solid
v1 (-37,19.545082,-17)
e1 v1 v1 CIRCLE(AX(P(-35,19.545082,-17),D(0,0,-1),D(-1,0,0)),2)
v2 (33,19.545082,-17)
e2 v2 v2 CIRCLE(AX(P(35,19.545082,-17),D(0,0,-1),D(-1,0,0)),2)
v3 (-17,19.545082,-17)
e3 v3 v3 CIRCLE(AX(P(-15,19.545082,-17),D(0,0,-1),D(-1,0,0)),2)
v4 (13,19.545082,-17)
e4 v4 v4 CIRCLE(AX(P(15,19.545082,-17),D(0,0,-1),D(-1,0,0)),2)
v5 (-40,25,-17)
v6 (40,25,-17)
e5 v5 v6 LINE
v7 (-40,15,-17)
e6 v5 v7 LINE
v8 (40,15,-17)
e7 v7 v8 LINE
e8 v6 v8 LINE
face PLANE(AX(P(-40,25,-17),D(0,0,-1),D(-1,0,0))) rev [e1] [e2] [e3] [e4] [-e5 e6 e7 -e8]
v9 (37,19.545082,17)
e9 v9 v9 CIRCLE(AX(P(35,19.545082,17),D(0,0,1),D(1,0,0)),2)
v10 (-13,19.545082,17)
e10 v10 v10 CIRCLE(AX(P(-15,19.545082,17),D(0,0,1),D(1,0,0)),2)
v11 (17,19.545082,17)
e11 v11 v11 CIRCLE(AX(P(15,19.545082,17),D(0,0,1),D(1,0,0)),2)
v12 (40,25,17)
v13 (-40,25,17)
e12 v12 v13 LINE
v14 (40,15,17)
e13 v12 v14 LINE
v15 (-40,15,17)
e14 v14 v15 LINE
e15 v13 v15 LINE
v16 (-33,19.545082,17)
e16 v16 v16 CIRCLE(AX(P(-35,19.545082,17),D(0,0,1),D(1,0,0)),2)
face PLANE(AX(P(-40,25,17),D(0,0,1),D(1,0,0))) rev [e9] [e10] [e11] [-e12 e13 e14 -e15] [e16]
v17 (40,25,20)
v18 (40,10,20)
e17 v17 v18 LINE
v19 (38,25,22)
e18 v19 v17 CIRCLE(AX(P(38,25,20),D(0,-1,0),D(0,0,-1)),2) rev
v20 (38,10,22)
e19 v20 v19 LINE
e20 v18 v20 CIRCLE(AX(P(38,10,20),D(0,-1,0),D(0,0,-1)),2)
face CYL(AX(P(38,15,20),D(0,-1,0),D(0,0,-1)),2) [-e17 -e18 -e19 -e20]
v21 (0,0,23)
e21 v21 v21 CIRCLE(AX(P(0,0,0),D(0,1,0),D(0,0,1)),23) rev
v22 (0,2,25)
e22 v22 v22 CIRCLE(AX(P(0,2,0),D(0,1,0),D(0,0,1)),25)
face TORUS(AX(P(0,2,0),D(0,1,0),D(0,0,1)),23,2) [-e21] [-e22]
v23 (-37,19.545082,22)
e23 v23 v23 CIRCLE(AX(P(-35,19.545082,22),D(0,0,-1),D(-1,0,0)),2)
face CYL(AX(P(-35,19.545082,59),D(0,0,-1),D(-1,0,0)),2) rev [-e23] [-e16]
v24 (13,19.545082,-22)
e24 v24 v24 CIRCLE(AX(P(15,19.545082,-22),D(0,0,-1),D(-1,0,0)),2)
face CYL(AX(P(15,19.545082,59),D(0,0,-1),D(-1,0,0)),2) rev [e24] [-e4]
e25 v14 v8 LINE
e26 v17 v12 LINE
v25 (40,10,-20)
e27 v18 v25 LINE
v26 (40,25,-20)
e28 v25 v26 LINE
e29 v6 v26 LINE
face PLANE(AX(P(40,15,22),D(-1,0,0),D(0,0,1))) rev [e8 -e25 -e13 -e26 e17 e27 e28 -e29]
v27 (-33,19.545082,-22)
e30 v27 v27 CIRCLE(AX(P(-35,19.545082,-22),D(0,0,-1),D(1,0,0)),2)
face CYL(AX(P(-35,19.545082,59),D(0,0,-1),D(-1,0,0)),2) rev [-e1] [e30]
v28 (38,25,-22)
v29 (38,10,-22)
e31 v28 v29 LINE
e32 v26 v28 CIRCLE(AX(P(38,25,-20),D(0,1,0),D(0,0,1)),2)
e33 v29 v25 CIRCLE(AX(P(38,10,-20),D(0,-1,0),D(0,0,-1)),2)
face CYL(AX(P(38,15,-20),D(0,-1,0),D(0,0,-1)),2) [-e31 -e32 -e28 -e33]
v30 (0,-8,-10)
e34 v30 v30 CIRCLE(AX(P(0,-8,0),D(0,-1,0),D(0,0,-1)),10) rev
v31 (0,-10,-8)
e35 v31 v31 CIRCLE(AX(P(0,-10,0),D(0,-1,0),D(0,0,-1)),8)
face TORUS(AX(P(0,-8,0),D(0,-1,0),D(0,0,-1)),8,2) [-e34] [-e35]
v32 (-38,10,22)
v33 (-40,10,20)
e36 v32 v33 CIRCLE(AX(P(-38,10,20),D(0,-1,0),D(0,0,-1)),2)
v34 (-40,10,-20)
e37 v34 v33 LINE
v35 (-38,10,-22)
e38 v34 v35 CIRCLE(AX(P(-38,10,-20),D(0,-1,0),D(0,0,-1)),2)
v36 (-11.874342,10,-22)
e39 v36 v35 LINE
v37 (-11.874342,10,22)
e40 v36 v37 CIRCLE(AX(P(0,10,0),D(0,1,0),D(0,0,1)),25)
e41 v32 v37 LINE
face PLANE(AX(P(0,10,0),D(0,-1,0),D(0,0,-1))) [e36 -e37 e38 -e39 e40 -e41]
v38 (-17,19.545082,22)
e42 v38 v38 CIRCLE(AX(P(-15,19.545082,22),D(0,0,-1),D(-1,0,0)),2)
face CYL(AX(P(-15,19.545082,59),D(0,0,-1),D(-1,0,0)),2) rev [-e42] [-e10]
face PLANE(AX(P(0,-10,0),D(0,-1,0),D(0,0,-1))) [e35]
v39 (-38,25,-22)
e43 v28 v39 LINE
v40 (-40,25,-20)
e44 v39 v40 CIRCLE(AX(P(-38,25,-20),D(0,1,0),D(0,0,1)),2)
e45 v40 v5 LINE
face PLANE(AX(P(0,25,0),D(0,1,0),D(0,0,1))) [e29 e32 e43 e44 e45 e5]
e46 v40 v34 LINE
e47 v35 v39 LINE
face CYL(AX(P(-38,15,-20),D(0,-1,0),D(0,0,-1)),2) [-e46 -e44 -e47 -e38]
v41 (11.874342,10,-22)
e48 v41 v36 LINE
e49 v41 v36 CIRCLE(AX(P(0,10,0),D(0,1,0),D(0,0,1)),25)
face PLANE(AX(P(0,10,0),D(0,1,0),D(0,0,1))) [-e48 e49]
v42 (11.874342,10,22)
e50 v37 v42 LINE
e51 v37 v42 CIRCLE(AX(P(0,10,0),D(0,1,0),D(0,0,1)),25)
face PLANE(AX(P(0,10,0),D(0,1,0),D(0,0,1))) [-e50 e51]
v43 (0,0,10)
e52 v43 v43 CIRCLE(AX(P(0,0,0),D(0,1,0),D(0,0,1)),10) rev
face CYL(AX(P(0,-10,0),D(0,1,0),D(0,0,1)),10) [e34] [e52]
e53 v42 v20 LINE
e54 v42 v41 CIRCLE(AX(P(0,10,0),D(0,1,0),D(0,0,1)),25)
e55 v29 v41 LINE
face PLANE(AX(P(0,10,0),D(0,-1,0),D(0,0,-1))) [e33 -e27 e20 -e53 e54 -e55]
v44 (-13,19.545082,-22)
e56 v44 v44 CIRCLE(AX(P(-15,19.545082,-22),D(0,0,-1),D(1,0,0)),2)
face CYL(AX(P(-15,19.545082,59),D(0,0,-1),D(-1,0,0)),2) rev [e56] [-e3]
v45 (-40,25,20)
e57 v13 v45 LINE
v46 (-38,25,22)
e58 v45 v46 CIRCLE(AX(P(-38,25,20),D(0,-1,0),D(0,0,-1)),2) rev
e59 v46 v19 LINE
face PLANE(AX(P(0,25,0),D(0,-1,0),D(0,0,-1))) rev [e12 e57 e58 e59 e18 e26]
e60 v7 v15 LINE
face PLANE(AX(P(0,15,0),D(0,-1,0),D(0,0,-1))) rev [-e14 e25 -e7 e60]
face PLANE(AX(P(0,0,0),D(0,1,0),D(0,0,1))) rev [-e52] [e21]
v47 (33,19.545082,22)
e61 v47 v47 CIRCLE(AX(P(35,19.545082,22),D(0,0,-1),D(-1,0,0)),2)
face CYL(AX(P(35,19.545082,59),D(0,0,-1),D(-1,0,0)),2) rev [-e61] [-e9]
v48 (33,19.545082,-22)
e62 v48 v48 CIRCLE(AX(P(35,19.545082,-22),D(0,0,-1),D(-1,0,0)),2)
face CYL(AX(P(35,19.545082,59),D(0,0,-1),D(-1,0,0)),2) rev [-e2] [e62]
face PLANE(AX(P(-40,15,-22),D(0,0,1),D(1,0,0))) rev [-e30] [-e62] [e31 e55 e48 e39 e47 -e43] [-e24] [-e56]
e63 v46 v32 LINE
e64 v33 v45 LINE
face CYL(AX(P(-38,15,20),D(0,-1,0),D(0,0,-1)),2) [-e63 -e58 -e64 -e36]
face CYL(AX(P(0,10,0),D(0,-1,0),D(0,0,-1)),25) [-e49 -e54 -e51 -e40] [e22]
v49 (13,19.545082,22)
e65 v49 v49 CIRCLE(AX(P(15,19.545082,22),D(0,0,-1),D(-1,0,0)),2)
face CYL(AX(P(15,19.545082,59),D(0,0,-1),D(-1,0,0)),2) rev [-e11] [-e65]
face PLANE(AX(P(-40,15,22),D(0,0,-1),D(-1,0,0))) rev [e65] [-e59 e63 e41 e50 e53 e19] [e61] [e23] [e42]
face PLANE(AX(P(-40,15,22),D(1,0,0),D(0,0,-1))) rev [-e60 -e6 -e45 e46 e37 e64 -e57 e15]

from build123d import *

# Parameters (mm, degrees)
SKETCH_1_R          = 25
EXTRUDE_1_DEPTH     = 10
SKETCH_2_R          = 10
EXTRUDE_2_DEPTH     = 10
FILLET_1_R          = 2
SKETCH_3_W          = 80
SKETCH_3_H          = 44
EXTRUDE_3_DEPTH     = 5
SKETCH_4_W          = 80
SKETCH_4_H          = 5
EXTRUDE_4_DEPTH     = 10
SKETCH_5_R          = 2
CUT_EXTRUDE_1_DEPTH = 81
FILLET_4_R          = 2


with BuildPart() as part:
    # 草圖1 → 填料-伸長1 (new body)
    with BuildSketch(Plane(origin=(0, 0, 0), x_dir=(1, 0, 0), z_dir=(0, 1, 0))):
        Circle(SKETCH_1_R)
    extrude(amount=EXTRUDE_1_DEPTH)

    # 草圖2 → 填料-伸長2 (add)
    with BuildSketch(Plane.XZ):
        Circle(SKETCH_2_R)
    extrude(amount=EXTRUDE_2_DEPTH)

    # 圓角1
    fillet_1_edges = [part.edges().sort_by_distance(p)[0] for p in [
        (-25, 0, 0),
        (-10, -10, 0),
    ]]
    fillet(fillet_1_edges, radius=FILLET_1_R)

    # 草圖3 → 填料-伸長3 (add)
    with BuildSketch(Plane(origin=(0, 10, 0), x_dir=(1, 0, 0), z_dir=(0, 1, 0))):
        Rectangle(SKETCH_3_W, SKETCH_3_H)
    extrude(amount=EXTRUDE_3_DEPTH)

    # 草圖4 → 填料-伸長4 (add)
    with BuildSketch(Plane(origin=(0, 15, 0), x_dir=(1, 0, 0), z_dir=(0, 1, 0))):
        with Locations((0, 19.5)):
            Rectangle(SKETCH_4_W, SKETCH_4_H)
        with Locations((0, -19.5)):
            Rectangle(SKETCH_4_W, SKETCH_4_H)
    extrude(amount=EXTRUDE_4_DEPTH)

    # 草圖5 → 除料-伸長1 (cut)
    with BuildSketch(Plane(origin=(0, 0, -22), x_dir=(-1, 0, 0), z_dir=(0, 0, -1))):
        with Locations((-15, 19.545082089)):
            Circle(SKETCH_5_R)
        with Locations((-35, 19.545082089)):
            Circle(SKETCH_5_R)
        with Locations((15, 19.545082089)):
            Circle(SKETCH_5_R)
        with Locations((35, 19.545082089)):
            Circle(SKETCH_5_R)
    extrude(amount=-CUT_EXTRUDE_1_DEPTH, mode=Mode.SUBTRACT)

    # 圓角4
    fillet_4_edges = [part.edges().sort_by_distance(p)[0] for p in [
        (40, 17.5, 22),
        (40, 17.5, -22),
        (-40, 17.5, -22),
        (-40, 17.5, 22),
    ]]
    fillet(fillet_4_edges, radius=FILLET_4_R)


solid = part.part
